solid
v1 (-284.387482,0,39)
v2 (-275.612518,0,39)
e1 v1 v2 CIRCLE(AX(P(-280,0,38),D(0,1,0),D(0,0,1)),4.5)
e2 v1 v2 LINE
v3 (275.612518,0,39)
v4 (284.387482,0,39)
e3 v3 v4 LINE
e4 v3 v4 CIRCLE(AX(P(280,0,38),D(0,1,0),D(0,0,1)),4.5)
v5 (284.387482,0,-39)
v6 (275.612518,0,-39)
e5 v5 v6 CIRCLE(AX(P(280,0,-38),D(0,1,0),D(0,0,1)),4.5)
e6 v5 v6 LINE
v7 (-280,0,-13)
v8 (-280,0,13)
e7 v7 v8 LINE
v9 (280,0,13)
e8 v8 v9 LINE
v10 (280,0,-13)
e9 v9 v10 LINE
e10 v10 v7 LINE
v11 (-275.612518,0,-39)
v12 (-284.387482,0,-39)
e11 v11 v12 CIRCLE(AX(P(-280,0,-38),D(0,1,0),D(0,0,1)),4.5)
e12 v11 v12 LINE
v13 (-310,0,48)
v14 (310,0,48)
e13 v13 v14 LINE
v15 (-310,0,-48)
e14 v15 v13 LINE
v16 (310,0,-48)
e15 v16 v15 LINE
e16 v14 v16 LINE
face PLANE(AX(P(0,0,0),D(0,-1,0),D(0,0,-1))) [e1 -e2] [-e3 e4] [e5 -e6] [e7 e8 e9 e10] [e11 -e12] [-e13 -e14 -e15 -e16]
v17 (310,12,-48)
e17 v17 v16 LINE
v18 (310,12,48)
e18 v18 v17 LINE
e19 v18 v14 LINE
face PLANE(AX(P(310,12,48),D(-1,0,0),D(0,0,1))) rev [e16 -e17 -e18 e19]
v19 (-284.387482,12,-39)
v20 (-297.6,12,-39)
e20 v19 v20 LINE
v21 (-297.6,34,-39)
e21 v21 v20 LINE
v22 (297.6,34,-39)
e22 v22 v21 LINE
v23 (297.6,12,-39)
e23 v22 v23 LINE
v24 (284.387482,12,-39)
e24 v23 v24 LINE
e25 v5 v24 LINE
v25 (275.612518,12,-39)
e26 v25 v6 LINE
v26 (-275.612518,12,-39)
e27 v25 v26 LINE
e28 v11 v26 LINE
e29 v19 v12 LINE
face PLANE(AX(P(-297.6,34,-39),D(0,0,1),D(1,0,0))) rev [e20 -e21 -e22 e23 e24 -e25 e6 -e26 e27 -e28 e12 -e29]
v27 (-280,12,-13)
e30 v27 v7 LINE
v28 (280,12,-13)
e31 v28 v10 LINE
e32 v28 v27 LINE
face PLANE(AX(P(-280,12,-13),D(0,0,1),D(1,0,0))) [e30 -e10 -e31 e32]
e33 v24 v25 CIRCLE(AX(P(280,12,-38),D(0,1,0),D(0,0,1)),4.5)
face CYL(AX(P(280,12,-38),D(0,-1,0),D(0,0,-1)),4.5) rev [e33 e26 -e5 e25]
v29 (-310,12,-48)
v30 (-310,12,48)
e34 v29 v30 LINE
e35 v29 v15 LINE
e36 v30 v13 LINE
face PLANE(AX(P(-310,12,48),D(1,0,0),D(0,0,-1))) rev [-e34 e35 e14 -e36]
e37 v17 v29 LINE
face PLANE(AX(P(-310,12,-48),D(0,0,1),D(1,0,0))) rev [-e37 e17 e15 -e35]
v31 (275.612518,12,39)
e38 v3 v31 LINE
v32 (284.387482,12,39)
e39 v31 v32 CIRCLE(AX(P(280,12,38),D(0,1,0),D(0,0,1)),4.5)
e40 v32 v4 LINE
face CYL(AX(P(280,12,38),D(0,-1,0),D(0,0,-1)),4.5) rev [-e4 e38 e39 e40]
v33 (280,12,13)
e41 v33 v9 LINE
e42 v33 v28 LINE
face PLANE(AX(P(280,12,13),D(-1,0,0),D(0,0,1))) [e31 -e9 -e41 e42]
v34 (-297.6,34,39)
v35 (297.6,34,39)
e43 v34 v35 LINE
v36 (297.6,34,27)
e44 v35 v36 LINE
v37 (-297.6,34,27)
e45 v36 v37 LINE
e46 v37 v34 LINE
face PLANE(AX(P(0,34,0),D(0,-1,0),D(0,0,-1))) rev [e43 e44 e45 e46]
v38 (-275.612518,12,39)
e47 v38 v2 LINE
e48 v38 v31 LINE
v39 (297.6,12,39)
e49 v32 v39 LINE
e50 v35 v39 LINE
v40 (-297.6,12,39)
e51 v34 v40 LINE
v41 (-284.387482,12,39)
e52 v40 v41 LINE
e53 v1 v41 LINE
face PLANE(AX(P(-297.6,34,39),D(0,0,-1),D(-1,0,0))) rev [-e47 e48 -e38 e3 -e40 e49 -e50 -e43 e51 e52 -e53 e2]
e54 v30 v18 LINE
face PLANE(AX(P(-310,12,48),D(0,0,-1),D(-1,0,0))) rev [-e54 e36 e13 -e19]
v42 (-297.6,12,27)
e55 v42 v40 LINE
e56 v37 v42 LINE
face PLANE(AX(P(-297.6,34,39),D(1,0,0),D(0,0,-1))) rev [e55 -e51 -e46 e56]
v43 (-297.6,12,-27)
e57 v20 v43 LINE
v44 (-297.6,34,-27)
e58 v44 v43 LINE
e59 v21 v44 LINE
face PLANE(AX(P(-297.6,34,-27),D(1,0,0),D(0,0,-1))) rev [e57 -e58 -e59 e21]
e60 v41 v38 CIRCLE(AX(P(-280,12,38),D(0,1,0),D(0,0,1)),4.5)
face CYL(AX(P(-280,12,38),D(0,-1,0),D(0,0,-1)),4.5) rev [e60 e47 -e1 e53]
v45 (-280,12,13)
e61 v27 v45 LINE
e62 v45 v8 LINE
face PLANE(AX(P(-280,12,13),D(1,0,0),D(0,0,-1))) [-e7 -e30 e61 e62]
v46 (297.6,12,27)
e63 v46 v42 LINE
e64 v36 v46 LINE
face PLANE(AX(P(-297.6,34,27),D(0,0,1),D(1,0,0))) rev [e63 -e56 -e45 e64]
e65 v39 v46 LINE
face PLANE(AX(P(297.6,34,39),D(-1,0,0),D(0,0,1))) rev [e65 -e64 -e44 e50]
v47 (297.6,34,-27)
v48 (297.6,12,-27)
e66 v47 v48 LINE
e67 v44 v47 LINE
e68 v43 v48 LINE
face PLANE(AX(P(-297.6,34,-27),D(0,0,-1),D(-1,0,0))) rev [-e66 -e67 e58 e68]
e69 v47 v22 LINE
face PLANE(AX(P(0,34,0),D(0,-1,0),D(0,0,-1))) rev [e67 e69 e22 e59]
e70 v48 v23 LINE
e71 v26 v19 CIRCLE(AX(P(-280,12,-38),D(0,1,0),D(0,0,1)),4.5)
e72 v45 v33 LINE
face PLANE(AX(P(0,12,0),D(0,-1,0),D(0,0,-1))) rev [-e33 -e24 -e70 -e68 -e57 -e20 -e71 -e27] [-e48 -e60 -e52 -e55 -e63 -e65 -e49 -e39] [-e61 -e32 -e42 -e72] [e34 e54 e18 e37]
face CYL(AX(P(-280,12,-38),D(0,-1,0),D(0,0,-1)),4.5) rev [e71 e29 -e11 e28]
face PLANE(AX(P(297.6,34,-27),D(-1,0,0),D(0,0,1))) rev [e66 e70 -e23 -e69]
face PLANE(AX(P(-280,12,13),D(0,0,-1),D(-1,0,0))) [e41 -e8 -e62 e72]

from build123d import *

# Parameters (mm, degrees)
F_01_RAIL_BASE_PROFILE_W   = 620
F_01_RAIL_BASE_PROFILE_H   = 96
F_01_RAIL_BASE_PROFILE_R   = 4.5
F_01_RAIL_BASE_PROFILE_W_2 = 560
F_01_RAIL_BASE_PROFILE_H_2 = 26
F_01_RAIL_BASE_DEPTH       = 12
F_02_GUIDE_RAIL_PROFILES_W = 595.2
F_02_GUIDE_RAIL_PROFILES_H = 12
F_02_GUIDE_RAILS_DEPTH     = 34


with BuildPart() as part:
    # 01_Rail_Base_Profile → 01_Rail_Base (new body)
    with BuildSketch(Plane(origin=(0, 0, 0), x_dir=(1, 0, 0), z_dir=(0, 1, 0))):
        Rectangle(F_01_RAIL_BASE_PROFILE_W, F_01_RAIL_BASE_PROFILE_H)
        with Locations(Location((-280, -38, 0), (0, 0, 270))):
            Circle(F_01_RAIL_BASE_PROFILE_R, mode=Mode.SUBTRACT)
        with Locations(Location((-280, 38, 0), (0, 0, 270))):
            Circle(F_01_RAIL_BASE_PROFILE_R, mode=Mode.SUBTRACT)
        with Locations(Location((280, -38, 0), (0, 0, 270))):
            Circle(F_01_RAIL_BASE_PROFILE_R, mode=Mode.SUBTRACT)
        with Locations(Location((280, 38, 0), (0, 0, 270))):
            Circle(F_01_RAIL_BASE_PROFILE_R, mode=Mode.SUBTRACT)
        Rectangle(F_01_RAIL_BASE_PROFILE_W_2, F_01_RAIL_BASE_PROFILE_H_2, mode=Mode.SUBTRACT)
    extrude(amount=F_01_RAIL_BASE_DEPTH)

    # 02_Guide_Rail_Profiles → 02_Guide_Rails (add)
    with BuildSketch(Plane(origin=(0, 0, 0), x_dir=(1, 0, 0), z_dir=(0, 1, 0))):
        with Locations((0, 33)):
            Rectangle(F_02_GUIDE_RAIL_PROFILES_W, F_02_GUIDE_RAIL_PROFILES_H)
        with Locations((0, -33)):
            Rectangle(F_02_GUIDE_RAIL_PROFILES_W, F_02_GUIDE_RAIL_PROFILES_H)
    extrude(amount=F_02_GUIDE_RAILS_DEPTH)


solid = part.part
